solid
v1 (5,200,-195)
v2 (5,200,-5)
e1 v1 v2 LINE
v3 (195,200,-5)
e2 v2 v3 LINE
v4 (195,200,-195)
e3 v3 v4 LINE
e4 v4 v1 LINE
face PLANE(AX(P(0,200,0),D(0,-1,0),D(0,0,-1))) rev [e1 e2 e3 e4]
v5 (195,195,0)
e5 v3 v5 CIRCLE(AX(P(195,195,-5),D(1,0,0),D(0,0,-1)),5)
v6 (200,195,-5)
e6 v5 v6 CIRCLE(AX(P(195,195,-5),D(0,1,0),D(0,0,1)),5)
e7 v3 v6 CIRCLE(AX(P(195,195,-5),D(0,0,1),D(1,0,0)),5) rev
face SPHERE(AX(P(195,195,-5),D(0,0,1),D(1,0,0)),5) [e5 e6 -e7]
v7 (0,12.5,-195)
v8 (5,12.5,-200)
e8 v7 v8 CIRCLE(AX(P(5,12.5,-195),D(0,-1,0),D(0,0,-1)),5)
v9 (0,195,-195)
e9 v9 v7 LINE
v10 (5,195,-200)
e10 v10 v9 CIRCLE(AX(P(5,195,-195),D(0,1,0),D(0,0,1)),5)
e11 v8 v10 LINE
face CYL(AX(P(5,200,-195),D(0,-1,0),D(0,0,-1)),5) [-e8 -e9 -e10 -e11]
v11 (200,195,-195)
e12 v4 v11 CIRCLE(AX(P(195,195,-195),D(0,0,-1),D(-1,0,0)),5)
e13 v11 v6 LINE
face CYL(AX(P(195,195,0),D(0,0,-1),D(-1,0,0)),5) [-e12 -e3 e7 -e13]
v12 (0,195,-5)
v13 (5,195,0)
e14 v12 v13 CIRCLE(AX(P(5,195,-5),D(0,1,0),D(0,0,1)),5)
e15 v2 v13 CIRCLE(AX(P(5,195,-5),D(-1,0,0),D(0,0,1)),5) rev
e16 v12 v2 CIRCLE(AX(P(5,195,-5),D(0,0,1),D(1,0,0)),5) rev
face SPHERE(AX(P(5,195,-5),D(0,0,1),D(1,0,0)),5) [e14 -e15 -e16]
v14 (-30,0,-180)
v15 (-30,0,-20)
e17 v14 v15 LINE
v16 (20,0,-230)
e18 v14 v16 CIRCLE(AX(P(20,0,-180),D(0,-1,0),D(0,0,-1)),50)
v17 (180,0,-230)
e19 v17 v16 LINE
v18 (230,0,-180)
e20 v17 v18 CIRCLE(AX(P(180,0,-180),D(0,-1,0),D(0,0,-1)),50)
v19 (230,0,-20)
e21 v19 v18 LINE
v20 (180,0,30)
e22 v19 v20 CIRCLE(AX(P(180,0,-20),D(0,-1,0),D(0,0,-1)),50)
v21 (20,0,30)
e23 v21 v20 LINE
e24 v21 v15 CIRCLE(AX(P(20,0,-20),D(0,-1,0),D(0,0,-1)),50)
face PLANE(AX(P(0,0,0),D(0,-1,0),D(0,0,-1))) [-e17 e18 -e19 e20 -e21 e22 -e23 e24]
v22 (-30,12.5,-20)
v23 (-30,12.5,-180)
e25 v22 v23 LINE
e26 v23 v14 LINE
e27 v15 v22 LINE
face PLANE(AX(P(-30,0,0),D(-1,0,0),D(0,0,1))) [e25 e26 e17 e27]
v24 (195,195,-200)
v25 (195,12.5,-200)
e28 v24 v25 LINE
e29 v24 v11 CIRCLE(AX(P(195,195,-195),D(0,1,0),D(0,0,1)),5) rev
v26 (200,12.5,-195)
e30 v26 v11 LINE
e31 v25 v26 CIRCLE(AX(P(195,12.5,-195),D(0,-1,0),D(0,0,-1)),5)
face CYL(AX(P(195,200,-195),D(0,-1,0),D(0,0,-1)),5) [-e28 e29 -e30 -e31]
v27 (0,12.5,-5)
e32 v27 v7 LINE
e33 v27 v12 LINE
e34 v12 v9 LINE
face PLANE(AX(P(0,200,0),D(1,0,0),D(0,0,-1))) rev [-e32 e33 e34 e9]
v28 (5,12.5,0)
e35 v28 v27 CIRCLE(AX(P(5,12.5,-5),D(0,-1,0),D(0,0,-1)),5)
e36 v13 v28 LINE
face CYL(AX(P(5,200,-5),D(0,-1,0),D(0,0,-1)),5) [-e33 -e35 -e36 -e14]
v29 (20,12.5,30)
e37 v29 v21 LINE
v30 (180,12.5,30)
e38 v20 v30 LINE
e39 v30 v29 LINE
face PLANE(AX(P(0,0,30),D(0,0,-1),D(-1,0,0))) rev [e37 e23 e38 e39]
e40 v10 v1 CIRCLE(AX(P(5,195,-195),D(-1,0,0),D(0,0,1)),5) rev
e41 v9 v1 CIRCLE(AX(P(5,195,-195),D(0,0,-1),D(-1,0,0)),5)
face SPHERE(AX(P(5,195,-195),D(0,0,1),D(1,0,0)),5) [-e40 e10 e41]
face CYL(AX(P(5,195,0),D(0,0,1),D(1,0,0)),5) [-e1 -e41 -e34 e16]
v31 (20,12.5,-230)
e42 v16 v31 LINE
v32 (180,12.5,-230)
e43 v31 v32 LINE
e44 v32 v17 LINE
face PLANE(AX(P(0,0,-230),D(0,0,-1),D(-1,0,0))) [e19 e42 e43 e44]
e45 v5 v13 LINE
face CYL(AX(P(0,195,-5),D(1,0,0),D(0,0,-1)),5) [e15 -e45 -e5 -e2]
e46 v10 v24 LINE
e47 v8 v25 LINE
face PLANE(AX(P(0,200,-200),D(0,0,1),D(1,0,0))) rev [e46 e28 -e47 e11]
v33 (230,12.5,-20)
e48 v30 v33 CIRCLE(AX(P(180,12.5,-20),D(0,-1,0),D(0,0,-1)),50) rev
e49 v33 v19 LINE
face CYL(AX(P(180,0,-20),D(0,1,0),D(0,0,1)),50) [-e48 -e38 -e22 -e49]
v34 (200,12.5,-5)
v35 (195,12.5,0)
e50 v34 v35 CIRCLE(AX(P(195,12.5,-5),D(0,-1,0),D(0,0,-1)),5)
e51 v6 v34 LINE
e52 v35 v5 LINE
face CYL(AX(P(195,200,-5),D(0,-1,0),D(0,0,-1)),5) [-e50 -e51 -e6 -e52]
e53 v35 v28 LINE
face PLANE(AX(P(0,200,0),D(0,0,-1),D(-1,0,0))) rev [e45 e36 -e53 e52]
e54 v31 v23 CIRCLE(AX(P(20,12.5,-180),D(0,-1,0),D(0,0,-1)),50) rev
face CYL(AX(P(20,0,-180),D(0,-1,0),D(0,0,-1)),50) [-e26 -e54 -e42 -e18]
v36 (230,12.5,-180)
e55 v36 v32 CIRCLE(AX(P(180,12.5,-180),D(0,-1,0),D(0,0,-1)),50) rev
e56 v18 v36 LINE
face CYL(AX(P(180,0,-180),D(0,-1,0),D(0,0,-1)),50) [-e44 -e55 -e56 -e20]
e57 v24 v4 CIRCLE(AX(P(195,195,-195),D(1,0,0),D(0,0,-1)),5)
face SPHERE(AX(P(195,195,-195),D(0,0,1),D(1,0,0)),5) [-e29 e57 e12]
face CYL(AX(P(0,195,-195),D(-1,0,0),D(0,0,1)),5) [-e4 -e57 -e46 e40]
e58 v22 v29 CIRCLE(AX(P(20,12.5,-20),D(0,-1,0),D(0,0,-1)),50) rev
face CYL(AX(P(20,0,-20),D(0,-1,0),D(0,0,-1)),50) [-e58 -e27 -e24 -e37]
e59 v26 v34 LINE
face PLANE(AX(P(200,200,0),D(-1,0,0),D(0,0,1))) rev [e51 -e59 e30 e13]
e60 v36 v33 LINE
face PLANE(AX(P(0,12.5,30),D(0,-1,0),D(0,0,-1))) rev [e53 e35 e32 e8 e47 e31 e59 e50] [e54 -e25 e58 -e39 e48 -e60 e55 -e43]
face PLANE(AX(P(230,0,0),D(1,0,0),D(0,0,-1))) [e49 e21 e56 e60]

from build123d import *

# Parameters (mm, degrees)
SKETCH1_W           = 200
SKETCH1_H           = 200
BOSS_EXTRUDE1_DEPTH = 200
SKETCH3_W           = 200
SKETCH3_H           = 12.5
BOSS_EXTRUDE2_DEPTH = 30
SKETCH4_W           = 230
SKETCH4_H           = 12.5
BOSS_EXTRUDE3_DEPTH = 30
SKETCH5_W           = 230
SKETCH5_H           = 12.5
BOSS_EXTRUDE4_DEPTH = 30
SKETCH6_W           = 260
SKETCH6_H           = 12.5
BOSS_EXTRUDE5_DEPTH = 30
FILLET1_R           = 50
FILLET2_R           = 5


with BuildPart() as part:
    # Sketch1 → Boss-Extrude1 (new body)
    with BuildSketch(Plane(origin=(0, 0, 0), x_dir=(1, 0, 0), z_dir=(0, 1, 0))):
        with Locations((100, 100)):
            Rectangle(SKETCH1_W, SKETCH1_H)
    extrude(amount=BOSS_EXTRUDE1_DEPTH)

    # Sketch3 → Boss-Extrude2 (add)
    with BuildSketch(Plane.XY):
        with Locations((100, 6.25)):
            Rectangle(SKETCH3_W, SKETCH3_H)
    extrude(amount=BOSS_EXTRUDE2_DEPTH)

    # Sketch4 → Boss-Extrude3 (add)
    with BuildSketch(Plane(origin=(200, 0, 0), x_dir=(0, 0, -1), z_dir=(1, 0, 0))):
        with Locations((85, 6.25)):
            Rectangle(SKETCH4_W, SKETCH4_H)
    extrude(amount=BOSS_EXTRUDE3_DEPTH)

    # Sketch5 → Boss-Extrude4 (add)
    with BuildSketch(Plane(origin=(0, 0, -200), x_dir=(-1, 0, 0), z_dir=(0, 0, -1))):
        with Locations((-115, 6.25)):
            Rectangle(SKETCH5_W, SKETCH5_H)
    extrude(amount=BOSS_EXTRUDE4_DEPTH)

    # Sketch6 → Boss-Extrude5 (add)
    with BuildSketch(Plane.ZY):
        with Locations((-100, 6.25)):
            Rectangle(SKETCH6_W, SKETCH6_H)
    extrude(amount=BOSS_EXTRUDE5_DEPTH)

    # Fillet1
    fillet1_edges = [part.edges().sort_by_distance(p)[0] for p in [
        (230, 6.25, 30),
        (230, 6.25, -230),
        (-30, 6.25, -230),
        (-30, 6.25, 30),
    ]]
    fillet(fillet1_edges, radius=FILLET1_R)

    # Fillet2
    fillet2_edges = [part.edges().sort_by_distance(p)[0] for p in [
        (200, 200, -100),
        (100, 200, -200),
        (0, 200, -100),
        (100, 200, 0),
        (0, 106.25, -200),
        (200, 106.25, -200),
        (200, 106.25, 0),
        (0, 106.25, 0),
    ]]
    fillet(fillet2_edges, radius=FILLET2_R)


solid = part.part
